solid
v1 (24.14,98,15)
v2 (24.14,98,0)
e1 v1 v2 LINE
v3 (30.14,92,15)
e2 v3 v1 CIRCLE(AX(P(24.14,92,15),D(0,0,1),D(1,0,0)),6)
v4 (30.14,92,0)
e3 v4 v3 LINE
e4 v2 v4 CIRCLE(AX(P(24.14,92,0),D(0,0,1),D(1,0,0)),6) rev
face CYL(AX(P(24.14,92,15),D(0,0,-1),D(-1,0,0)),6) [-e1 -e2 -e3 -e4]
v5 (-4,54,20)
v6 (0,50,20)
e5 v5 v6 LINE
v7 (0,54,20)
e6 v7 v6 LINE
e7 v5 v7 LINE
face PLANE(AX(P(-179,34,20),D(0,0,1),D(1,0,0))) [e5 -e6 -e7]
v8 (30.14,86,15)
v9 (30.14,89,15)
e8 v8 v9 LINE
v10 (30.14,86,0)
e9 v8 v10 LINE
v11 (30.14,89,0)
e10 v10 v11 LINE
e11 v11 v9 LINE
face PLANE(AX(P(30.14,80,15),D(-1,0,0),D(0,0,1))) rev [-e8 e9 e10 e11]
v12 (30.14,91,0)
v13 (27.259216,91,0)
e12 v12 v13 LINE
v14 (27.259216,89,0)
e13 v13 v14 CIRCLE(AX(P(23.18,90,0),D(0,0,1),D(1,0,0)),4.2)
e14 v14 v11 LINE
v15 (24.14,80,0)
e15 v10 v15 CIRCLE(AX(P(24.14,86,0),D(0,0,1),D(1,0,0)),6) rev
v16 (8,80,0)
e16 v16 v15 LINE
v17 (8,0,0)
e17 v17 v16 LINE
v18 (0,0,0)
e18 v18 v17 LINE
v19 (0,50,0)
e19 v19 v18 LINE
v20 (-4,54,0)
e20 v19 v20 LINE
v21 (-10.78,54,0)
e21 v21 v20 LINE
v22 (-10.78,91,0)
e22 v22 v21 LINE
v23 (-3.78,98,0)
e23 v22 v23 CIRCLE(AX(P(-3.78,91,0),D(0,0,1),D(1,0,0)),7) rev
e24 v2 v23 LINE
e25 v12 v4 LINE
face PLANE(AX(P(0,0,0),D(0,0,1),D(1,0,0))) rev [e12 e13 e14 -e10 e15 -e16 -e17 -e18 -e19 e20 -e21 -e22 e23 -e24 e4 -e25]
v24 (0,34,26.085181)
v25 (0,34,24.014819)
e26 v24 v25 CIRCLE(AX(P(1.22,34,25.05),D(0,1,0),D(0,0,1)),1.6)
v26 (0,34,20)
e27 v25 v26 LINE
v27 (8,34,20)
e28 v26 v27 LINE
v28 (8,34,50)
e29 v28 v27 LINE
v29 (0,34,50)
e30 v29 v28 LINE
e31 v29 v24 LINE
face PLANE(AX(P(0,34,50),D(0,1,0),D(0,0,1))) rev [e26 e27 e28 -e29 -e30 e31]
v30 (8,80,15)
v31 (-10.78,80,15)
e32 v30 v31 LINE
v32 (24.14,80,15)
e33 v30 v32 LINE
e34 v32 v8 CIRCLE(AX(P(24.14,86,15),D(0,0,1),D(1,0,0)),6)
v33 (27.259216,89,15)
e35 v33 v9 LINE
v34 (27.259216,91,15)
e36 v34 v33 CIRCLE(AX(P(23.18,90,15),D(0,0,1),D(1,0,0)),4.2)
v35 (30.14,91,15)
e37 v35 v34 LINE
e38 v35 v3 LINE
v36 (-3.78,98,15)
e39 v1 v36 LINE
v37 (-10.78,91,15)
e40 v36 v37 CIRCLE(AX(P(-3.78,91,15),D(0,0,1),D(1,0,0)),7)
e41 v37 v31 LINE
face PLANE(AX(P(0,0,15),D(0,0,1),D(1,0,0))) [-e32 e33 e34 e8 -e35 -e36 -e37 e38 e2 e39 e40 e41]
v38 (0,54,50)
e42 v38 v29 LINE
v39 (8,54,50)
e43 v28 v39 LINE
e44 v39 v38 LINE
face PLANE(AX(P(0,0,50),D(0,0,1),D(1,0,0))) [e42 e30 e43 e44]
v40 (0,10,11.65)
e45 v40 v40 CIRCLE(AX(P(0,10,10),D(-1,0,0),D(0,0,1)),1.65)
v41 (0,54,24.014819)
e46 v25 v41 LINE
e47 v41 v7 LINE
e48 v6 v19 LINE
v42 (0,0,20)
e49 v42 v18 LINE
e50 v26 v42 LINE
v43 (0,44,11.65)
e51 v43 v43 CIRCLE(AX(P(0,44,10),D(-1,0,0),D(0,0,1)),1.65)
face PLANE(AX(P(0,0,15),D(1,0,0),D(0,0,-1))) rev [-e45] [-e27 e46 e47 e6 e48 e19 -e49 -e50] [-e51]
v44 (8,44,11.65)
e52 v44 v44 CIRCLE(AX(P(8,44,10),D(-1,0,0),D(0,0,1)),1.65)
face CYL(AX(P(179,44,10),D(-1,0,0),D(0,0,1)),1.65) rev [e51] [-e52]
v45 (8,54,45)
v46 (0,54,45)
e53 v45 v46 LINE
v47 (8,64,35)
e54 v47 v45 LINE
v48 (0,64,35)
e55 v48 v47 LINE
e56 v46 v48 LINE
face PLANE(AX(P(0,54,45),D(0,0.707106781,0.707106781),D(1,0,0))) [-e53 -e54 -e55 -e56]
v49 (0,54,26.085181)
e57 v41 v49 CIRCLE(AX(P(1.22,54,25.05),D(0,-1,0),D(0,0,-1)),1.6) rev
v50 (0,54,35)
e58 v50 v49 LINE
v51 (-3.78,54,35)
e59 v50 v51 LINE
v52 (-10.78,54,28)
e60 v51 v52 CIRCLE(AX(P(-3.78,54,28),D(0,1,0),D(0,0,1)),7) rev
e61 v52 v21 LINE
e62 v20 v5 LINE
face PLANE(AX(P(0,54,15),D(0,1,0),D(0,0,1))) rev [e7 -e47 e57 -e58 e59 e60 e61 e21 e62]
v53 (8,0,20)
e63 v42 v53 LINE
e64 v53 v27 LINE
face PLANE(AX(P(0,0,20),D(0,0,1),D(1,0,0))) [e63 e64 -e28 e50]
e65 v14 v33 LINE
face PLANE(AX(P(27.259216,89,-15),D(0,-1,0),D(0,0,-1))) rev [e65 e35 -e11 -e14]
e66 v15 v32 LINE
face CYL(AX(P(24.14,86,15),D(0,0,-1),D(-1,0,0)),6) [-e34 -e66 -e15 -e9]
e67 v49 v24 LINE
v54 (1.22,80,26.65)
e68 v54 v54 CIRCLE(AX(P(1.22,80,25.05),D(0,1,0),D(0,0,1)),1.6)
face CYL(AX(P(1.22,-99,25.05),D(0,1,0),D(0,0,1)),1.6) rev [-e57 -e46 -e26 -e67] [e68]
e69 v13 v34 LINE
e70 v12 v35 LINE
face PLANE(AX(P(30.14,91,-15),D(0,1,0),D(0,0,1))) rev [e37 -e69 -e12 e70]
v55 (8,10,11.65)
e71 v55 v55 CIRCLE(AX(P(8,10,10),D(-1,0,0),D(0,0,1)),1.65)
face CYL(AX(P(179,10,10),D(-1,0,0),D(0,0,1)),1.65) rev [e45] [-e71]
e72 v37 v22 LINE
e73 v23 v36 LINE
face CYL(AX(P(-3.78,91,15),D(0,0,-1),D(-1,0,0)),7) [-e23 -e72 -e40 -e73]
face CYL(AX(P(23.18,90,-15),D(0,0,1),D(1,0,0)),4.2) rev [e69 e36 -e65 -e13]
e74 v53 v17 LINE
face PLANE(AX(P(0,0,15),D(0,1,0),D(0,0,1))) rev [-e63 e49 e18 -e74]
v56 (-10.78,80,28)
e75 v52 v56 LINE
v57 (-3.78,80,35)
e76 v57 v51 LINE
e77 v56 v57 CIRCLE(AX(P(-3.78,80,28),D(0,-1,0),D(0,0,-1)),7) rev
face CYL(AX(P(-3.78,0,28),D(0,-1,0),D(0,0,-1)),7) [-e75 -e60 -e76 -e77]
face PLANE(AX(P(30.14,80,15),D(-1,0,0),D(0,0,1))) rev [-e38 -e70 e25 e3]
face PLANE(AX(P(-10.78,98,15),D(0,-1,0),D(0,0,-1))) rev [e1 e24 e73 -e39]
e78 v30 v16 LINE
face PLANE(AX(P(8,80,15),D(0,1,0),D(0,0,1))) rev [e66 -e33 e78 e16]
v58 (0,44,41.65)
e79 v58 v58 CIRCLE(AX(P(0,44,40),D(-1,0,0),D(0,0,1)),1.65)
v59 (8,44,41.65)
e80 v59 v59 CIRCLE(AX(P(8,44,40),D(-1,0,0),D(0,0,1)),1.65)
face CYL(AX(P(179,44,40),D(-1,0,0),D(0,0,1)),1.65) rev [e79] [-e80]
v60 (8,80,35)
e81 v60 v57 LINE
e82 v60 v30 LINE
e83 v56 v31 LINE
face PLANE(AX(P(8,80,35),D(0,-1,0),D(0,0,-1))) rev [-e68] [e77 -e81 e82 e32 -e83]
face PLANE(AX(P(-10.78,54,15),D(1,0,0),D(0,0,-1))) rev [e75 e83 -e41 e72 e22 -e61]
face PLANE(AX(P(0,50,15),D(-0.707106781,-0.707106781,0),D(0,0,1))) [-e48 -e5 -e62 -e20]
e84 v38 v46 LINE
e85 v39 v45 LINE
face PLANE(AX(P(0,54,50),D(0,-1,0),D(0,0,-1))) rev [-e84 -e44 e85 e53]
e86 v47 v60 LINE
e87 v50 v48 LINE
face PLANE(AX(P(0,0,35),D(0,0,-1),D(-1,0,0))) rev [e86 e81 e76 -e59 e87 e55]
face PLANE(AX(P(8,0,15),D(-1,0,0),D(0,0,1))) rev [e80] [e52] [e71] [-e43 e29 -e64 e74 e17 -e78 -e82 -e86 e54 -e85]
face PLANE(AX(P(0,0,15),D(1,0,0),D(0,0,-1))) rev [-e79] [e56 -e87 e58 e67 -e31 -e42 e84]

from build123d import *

# Parameters (mm, degrees)
EXTRUDE_1_DEPTH     = 15
SKETCH_2_W          = 18.78
SKETCH_2_H          = 26
EXTRUDE_2_DEPTH     = 20
SKETCH_3_W          = 8
SKETCH_3_H          = 54
EXTRUDE_3_DEPTH     = 5
SKETCH_4_W          = 8
SKETCH_4_H          = 20
EXTRUDE_4_DEPTH     = 30
CUT_EXTRUDE_2_DEPTH = 30
FILLET_1_R          = 6
FILLET_2_R          = 6
FILLET_3_R          = 7
FILLET_4_R          = 7
CHAMFER_1_SIZE      = 10
CHAMFER_2_SIZE      = 4
SKETCH_6_R          = 1.6
CUT_EXTRUDE_3_DEPTH = 179
SKETCH_9_W          = 20.537192292
SKETCH_9_H          = 20
CUT_EXTRUDE_4_DEPTH = 179
SKETCH_10_R         = 1.65
CUT_EXTRUDE_5_DEPTH = 179


with BuildPart() as part:
    # 草图1 → 凸台-拉伸1 (new body)
    with BuildSketch(Plane.XY):
        Polygon((0, 0), (8, 0), (8, 80), (30.14, 80), (30.14, 98), (-10.78, 98), (-10.78, 54), (0, 54), align=None)
    extrude(amount=EXTRUDE_1_DEPTH)

    # 草图2 → 凸台-拉伸2 (add)
    with BuildSketch(Plane.XY.offset(15)):
        with Locations((-1.39, 67)):
            Rectangle(SKETCH_2_W, SKETCH_2_H)
    extrude(amount=EXTRUDE_2_DEPTH)

    # 草图3 → 凸台-拉伸3 (add)
    with BuildSketch(Plane.XY.offset(15)):
        with Locations((4, 27)):
            Rectangle(SKETCH_3_W, SKETCH_3_H)
    extrude(amount=EXTRUDE_3_DEPTH)

    # 草图4 → 凸台-拉伸4 (add)
    with BuildSketch(Plane.XY.offset(20)):
        with Locations((4, 44)):
            Rectangle(SKETCH_4_W, SKETCH_4_H)
    extrude(amount=EXTRUDE_4_DEPTH)

    # 草图5 → 切除-拉伸2 (cut)
    with BuildSketch(Plane.XY.offset(15)):
        with BuildLine():
            Line((30.14, 90), (30.14, 91))
            Line((30.14, 91), (27.259215611, 91))
            ThreePointArc((27.259215611, 91), (18.98, 90), (27.259215611, 89))
            Line((27.259215611, 89), (30.14, 89))
            Line((30.14, 89), (30.14, 90))
        make_face()
    extrude(amount=-CUT_EXTRUDE_2_DEPTH, mode=Mode.SUBTRACT)

    # 圆角1
    fillet_1_edges = [part.edges().sort_by_distance(p)[0] for p in [
        (30.14, 98, 7.5),
    ]]
    fillet(fillet_1_edges, radius=FILLET_1_R)

    # 圆角2
    fillet_2_edges = [part.edges().sort_by_distance(p)[0] for p in [
        (30.14, 80, 7.5),
    ]]
    fillet(fillet_2_edges, radius=FILLET_2_R)

    # 圆角3
    fillet_3_edges = [part.edges().sort_by_distance(p)[0] for p in [
        (-10.78, 98, 7.5),
    ]]
    fillet(fillet_3_edges, radius=FILLET_3_R)

    # 圆角4
    fillet_4_edges = [part.edges().sort_by_distance(p)[0] for p in [
        (-10.78, 67, 35),
    ]]
    fillet(fillet_4_edges, radius=FILLET_4_R)

    # 倒角1
    chamfer_1_edges = [part.edges().sort_by_distance(p)[0] for p in [
        (4, 54, 35),
    ]]
    chamfer(chamfer_1_edges, length=CHAMFER_1_SIZE)

    # 倒角2
    chamfer_2_edges = [part.edges().sort_by_distance(p)[0] for p in [
        (0, 54, 17.5),
    ]]
    chamfer(chamfer_2_edges, length=CHAMFER_2_SIZE)

    # 草图6 → 切除-拉伸3 (cut)
    with BuildSketch(Plane(origin=(0, 80, 0), x_dir=(1, 0, 0), z_dir=(0, 1, 0))):
        with Locations((1.22, -25.05)):
            Circle(SKETCH_6_R)
    extrude(amount=-CUT_EXTRUDE_3_DEPTH, mode=Mode.SUBTRACT)

    # 草图9 → 切除-拉伸4 (cut)
    with BuildSketch(Plane.ZY):
        with Locations((30.268596146, 44)):
            Rectangle(SKETCH_9_W, SKETCH_9_H)
    extrude(amount=CUT_EXTRUDE_4_DEPTH, mode=Mode.SUBTRACT)

    # 草图10 → 切除-拉伸5 (cut)
    with BuildSketch(Plane.ZY):
        with Locations((40, 44)):
            Circle(SKETCH_10_R)
        with Locations((10, 10)):
            Circle(SKETCH_10_R)
        with Locations((10, 44)):
            Circle(SKETCH_10_R)
    extrude(amount=-CUT_EXTRUDE_5_DEPTH, mode=Mode.SUBTRACT)


solid = part.part
